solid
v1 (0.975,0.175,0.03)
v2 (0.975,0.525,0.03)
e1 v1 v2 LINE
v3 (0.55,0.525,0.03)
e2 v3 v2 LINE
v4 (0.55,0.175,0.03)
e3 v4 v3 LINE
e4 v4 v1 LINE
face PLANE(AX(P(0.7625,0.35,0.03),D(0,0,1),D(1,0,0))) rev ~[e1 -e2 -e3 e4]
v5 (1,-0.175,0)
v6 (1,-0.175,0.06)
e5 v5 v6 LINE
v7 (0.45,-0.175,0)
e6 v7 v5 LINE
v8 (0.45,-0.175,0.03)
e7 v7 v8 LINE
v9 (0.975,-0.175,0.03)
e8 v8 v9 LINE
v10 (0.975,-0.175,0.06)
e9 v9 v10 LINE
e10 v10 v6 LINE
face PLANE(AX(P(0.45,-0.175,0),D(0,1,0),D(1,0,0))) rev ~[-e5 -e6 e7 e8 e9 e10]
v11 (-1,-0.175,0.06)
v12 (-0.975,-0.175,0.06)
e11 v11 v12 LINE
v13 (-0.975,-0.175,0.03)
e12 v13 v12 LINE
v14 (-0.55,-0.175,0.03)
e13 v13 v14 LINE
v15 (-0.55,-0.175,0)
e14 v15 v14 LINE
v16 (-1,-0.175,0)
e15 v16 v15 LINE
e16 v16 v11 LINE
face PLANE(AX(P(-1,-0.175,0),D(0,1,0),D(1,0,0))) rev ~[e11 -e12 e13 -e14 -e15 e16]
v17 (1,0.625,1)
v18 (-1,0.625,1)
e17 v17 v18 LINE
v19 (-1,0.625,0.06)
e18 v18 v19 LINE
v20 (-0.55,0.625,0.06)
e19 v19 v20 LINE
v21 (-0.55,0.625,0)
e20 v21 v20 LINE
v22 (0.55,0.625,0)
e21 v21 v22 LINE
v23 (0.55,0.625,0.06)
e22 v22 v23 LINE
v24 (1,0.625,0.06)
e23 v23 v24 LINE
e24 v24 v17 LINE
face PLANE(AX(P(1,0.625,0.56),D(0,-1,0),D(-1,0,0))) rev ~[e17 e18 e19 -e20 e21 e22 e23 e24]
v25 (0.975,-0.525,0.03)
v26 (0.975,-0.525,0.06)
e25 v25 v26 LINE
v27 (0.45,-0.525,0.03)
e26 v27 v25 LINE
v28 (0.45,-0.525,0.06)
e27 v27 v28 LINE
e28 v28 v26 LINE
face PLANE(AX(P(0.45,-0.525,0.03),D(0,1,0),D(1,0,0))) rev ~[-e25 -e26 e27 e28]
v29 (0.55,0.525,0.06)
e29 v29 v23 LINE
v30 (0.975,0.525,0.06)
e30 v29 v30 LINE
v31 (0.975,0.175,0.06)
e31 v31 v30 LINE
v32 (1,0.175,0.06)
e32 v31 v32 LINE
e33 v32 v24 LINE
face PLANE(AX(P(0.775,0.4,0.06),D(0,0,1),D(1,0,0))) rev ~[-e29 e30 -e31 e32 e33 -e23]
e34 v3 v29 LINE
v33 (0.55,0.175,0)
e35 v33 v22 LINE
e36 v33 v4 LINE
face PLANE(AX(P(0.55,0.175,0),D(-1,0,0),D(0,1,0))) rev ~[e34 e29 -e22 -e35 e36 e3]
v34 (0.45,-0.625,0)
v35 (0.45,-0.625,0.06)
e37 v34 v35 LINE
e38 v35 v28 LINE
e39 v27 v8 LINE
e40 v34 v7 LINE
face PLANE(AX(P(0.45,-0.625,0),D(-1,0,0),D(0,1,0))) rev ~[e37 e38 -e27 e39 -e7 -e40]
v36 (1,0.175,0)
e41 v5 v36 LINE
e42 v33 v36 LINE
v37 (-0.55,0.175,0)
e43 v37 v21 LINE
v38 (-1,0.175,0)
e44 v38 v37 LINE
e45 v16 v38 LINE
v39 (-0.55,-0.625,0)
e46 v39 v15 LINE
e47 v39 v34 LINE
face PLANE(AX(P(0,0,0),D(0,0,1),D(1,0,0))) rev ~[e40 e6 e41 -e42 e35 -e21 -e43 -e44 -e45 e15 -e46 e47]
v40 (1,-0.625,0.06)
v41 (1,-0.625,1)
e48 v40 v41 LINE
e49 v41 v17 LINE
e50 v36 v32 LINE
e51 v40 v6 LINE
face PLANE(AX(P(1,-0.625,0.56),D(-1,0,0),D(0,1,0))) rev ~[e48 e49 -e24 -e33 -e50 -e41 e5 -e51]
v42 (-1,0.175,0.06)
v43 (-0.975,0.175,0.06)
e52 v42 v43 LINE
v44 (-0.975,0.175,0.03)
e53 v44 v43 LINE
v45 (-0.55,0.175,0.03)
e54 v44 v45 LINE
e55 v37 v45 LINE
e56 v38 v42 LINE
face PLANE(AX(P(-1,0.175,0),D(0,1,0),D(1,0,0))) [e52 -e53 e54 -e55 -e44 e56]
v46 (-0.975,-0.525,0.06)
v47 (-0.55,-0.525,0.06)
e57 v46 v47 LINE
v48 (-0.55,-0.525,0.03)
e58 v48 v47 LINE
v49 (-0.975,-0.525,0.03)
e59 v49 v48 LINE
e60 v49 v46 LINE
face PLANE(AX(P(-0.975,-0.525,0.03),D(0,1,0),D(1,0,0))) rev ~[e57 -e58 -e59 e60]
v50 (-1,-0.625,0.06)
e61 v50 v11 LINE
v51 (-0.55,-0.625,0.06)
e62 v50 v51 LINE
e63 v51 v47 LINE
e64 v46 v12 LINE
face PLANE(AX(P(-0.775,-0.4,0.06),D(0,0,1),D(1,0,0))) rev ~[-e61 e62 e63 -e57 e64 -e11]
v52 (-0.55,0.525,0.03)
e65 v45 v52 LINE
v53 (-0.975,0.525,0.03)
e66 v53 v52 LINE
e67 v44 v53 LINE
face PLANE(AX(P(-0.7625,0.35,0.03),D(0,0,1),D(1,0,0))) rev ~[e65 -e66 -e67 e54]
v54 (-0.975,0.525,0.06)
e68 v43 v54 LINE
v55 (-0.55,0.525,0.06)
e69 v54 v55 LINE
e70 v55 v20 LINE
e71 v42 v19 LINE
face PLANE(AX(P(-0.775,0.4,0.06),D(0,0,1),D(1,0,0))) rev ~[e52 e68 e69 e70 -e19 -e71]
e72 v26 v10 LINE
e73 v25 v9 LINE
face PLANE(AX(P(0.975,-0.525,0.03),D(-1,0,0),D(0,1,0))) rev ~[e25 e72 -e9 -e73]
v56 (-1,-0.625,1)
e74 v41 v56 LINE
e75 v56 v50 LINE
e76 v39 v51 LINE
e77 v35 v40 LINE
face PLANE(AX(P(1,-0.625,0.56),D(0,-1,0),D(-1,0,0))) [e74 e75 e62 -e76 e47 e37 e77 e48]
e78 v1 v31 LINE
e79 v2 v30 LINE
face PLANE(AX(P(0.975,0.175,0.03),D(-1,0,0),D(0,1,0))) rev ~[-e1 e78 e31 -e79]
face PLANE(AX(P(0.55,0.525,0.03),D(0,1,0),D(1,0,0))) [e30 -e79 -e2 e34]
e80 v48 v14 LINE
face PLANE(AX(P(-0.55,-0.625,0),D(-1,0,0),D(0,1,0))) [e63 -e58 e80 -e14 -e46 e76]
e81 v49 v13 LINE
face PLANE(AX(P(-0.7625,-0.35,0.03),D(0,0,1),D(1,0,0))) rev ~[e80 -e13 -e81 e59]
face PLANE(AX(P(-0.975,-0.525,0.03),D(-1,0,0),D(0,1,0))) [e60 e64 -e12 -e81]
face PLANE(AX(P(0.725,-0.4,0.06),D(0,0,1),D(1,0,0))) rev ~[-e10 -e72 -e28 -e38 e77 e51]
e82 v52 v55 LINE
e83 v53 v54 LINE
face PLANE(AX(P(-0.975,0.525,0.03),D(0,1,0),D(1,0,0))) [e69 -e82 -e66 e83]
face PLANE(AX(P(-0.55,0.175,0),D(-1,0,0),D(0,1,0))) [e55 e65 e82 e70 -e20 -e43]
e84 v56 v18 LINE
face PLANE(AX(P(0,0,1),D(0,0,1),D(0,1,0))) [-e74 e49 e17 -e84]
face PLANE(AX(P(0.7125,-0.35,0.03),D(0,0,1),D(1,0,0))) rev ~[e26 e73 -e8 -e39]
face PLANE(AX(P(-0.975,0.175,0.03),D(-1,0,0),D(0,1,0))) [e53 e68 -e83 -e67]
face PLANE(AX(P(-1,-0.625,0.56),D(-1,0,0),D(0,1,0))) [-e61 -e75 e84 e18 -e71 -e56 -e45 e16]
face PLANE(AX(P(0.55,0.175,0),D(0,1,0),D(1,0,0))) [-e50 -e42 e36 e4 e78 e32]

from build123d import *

# Parameters (mm, degrees)
SKETCH_W      = 2
SKETCH_H      = 1.25
PAD_DEPTH     = 0.56
PAD_FACE6_W   = 1.25
PAD_FACE6_H   = 2
PAD001_DEPTH  = 0.44
SKETCH002_W   = 0.45
SKETCH002_H   = 0.45
SKETCH002_W_2 = 0.55
POCKET_DEPTH  = 0.06
PAD002_START  = 0.03
SKETCH003_W   = 0.425
SKETCH003_H   = 0.35
SKETCH003_W_2 = 0.525
PAD002_DEPTH  = 0.03


with BuildPart() as part:
    # Sketch → Pad (new body)
    with BuildSketch(Plane.XY):
        Rectangle(SKETCH_W, SKETCH_H)
    extrude(amount=PAD_DEPTH)

    # Pad Face6 → Pad001 (add)
    with BuildSketch(Plane(origin=(0, 0, 0.56), x_dir=(0, 1, 0), z_dir=(0, 0, 1))):
        Rectangle(PAD_FACE6_W, PAD_FACE6_H)
    extrude(amount=PAD001_DEPTH)

    # Sketch002 → Pocket (cut)
    with BuildSketch(Plane.XY):
        with Locations((-0.775, 0.4)):
            Rectangle(SKETCH002_W, SKETCH002_H)
        with Locations((0.775, 0.4)):
            Rectangle(SKETCH002_W, SKETCH002_H)
        with Locations((0.725, -0.4)):
            Rectangle(SKETCH002_W_2, SKETCH002_H)
        with Locations((-0.775, -0.4)):
            Rectangle(SKETCH002_W, SKETCH002_H)
    extrude(amount=POCKET_DEPTH, mode=Mode.SUBTRACT)

    # Sketch003 → Pad002 (join)
    with BuildSketch(Plane.XY.offset(PAD002_START)):
        with Locations((-0.7625, 0.35)):
            Rectangle(SKETCH003_W, SKETCH003_H)
        with Locations((-0.7625, -0.35)):
            Rectangle(SKETCH003_W, SKETCH003_H)
        with Locations((0.7125, -0.35)):
            Rectangle(SKETCH003_W_2, SKETCH003_H)
        with Locations((0.7625, 0.35)):
            Rectangle(SKETCH003_W, SKETCH003_H)
    extrude(amount=PAD002_DEPTH)


solid = part.part
